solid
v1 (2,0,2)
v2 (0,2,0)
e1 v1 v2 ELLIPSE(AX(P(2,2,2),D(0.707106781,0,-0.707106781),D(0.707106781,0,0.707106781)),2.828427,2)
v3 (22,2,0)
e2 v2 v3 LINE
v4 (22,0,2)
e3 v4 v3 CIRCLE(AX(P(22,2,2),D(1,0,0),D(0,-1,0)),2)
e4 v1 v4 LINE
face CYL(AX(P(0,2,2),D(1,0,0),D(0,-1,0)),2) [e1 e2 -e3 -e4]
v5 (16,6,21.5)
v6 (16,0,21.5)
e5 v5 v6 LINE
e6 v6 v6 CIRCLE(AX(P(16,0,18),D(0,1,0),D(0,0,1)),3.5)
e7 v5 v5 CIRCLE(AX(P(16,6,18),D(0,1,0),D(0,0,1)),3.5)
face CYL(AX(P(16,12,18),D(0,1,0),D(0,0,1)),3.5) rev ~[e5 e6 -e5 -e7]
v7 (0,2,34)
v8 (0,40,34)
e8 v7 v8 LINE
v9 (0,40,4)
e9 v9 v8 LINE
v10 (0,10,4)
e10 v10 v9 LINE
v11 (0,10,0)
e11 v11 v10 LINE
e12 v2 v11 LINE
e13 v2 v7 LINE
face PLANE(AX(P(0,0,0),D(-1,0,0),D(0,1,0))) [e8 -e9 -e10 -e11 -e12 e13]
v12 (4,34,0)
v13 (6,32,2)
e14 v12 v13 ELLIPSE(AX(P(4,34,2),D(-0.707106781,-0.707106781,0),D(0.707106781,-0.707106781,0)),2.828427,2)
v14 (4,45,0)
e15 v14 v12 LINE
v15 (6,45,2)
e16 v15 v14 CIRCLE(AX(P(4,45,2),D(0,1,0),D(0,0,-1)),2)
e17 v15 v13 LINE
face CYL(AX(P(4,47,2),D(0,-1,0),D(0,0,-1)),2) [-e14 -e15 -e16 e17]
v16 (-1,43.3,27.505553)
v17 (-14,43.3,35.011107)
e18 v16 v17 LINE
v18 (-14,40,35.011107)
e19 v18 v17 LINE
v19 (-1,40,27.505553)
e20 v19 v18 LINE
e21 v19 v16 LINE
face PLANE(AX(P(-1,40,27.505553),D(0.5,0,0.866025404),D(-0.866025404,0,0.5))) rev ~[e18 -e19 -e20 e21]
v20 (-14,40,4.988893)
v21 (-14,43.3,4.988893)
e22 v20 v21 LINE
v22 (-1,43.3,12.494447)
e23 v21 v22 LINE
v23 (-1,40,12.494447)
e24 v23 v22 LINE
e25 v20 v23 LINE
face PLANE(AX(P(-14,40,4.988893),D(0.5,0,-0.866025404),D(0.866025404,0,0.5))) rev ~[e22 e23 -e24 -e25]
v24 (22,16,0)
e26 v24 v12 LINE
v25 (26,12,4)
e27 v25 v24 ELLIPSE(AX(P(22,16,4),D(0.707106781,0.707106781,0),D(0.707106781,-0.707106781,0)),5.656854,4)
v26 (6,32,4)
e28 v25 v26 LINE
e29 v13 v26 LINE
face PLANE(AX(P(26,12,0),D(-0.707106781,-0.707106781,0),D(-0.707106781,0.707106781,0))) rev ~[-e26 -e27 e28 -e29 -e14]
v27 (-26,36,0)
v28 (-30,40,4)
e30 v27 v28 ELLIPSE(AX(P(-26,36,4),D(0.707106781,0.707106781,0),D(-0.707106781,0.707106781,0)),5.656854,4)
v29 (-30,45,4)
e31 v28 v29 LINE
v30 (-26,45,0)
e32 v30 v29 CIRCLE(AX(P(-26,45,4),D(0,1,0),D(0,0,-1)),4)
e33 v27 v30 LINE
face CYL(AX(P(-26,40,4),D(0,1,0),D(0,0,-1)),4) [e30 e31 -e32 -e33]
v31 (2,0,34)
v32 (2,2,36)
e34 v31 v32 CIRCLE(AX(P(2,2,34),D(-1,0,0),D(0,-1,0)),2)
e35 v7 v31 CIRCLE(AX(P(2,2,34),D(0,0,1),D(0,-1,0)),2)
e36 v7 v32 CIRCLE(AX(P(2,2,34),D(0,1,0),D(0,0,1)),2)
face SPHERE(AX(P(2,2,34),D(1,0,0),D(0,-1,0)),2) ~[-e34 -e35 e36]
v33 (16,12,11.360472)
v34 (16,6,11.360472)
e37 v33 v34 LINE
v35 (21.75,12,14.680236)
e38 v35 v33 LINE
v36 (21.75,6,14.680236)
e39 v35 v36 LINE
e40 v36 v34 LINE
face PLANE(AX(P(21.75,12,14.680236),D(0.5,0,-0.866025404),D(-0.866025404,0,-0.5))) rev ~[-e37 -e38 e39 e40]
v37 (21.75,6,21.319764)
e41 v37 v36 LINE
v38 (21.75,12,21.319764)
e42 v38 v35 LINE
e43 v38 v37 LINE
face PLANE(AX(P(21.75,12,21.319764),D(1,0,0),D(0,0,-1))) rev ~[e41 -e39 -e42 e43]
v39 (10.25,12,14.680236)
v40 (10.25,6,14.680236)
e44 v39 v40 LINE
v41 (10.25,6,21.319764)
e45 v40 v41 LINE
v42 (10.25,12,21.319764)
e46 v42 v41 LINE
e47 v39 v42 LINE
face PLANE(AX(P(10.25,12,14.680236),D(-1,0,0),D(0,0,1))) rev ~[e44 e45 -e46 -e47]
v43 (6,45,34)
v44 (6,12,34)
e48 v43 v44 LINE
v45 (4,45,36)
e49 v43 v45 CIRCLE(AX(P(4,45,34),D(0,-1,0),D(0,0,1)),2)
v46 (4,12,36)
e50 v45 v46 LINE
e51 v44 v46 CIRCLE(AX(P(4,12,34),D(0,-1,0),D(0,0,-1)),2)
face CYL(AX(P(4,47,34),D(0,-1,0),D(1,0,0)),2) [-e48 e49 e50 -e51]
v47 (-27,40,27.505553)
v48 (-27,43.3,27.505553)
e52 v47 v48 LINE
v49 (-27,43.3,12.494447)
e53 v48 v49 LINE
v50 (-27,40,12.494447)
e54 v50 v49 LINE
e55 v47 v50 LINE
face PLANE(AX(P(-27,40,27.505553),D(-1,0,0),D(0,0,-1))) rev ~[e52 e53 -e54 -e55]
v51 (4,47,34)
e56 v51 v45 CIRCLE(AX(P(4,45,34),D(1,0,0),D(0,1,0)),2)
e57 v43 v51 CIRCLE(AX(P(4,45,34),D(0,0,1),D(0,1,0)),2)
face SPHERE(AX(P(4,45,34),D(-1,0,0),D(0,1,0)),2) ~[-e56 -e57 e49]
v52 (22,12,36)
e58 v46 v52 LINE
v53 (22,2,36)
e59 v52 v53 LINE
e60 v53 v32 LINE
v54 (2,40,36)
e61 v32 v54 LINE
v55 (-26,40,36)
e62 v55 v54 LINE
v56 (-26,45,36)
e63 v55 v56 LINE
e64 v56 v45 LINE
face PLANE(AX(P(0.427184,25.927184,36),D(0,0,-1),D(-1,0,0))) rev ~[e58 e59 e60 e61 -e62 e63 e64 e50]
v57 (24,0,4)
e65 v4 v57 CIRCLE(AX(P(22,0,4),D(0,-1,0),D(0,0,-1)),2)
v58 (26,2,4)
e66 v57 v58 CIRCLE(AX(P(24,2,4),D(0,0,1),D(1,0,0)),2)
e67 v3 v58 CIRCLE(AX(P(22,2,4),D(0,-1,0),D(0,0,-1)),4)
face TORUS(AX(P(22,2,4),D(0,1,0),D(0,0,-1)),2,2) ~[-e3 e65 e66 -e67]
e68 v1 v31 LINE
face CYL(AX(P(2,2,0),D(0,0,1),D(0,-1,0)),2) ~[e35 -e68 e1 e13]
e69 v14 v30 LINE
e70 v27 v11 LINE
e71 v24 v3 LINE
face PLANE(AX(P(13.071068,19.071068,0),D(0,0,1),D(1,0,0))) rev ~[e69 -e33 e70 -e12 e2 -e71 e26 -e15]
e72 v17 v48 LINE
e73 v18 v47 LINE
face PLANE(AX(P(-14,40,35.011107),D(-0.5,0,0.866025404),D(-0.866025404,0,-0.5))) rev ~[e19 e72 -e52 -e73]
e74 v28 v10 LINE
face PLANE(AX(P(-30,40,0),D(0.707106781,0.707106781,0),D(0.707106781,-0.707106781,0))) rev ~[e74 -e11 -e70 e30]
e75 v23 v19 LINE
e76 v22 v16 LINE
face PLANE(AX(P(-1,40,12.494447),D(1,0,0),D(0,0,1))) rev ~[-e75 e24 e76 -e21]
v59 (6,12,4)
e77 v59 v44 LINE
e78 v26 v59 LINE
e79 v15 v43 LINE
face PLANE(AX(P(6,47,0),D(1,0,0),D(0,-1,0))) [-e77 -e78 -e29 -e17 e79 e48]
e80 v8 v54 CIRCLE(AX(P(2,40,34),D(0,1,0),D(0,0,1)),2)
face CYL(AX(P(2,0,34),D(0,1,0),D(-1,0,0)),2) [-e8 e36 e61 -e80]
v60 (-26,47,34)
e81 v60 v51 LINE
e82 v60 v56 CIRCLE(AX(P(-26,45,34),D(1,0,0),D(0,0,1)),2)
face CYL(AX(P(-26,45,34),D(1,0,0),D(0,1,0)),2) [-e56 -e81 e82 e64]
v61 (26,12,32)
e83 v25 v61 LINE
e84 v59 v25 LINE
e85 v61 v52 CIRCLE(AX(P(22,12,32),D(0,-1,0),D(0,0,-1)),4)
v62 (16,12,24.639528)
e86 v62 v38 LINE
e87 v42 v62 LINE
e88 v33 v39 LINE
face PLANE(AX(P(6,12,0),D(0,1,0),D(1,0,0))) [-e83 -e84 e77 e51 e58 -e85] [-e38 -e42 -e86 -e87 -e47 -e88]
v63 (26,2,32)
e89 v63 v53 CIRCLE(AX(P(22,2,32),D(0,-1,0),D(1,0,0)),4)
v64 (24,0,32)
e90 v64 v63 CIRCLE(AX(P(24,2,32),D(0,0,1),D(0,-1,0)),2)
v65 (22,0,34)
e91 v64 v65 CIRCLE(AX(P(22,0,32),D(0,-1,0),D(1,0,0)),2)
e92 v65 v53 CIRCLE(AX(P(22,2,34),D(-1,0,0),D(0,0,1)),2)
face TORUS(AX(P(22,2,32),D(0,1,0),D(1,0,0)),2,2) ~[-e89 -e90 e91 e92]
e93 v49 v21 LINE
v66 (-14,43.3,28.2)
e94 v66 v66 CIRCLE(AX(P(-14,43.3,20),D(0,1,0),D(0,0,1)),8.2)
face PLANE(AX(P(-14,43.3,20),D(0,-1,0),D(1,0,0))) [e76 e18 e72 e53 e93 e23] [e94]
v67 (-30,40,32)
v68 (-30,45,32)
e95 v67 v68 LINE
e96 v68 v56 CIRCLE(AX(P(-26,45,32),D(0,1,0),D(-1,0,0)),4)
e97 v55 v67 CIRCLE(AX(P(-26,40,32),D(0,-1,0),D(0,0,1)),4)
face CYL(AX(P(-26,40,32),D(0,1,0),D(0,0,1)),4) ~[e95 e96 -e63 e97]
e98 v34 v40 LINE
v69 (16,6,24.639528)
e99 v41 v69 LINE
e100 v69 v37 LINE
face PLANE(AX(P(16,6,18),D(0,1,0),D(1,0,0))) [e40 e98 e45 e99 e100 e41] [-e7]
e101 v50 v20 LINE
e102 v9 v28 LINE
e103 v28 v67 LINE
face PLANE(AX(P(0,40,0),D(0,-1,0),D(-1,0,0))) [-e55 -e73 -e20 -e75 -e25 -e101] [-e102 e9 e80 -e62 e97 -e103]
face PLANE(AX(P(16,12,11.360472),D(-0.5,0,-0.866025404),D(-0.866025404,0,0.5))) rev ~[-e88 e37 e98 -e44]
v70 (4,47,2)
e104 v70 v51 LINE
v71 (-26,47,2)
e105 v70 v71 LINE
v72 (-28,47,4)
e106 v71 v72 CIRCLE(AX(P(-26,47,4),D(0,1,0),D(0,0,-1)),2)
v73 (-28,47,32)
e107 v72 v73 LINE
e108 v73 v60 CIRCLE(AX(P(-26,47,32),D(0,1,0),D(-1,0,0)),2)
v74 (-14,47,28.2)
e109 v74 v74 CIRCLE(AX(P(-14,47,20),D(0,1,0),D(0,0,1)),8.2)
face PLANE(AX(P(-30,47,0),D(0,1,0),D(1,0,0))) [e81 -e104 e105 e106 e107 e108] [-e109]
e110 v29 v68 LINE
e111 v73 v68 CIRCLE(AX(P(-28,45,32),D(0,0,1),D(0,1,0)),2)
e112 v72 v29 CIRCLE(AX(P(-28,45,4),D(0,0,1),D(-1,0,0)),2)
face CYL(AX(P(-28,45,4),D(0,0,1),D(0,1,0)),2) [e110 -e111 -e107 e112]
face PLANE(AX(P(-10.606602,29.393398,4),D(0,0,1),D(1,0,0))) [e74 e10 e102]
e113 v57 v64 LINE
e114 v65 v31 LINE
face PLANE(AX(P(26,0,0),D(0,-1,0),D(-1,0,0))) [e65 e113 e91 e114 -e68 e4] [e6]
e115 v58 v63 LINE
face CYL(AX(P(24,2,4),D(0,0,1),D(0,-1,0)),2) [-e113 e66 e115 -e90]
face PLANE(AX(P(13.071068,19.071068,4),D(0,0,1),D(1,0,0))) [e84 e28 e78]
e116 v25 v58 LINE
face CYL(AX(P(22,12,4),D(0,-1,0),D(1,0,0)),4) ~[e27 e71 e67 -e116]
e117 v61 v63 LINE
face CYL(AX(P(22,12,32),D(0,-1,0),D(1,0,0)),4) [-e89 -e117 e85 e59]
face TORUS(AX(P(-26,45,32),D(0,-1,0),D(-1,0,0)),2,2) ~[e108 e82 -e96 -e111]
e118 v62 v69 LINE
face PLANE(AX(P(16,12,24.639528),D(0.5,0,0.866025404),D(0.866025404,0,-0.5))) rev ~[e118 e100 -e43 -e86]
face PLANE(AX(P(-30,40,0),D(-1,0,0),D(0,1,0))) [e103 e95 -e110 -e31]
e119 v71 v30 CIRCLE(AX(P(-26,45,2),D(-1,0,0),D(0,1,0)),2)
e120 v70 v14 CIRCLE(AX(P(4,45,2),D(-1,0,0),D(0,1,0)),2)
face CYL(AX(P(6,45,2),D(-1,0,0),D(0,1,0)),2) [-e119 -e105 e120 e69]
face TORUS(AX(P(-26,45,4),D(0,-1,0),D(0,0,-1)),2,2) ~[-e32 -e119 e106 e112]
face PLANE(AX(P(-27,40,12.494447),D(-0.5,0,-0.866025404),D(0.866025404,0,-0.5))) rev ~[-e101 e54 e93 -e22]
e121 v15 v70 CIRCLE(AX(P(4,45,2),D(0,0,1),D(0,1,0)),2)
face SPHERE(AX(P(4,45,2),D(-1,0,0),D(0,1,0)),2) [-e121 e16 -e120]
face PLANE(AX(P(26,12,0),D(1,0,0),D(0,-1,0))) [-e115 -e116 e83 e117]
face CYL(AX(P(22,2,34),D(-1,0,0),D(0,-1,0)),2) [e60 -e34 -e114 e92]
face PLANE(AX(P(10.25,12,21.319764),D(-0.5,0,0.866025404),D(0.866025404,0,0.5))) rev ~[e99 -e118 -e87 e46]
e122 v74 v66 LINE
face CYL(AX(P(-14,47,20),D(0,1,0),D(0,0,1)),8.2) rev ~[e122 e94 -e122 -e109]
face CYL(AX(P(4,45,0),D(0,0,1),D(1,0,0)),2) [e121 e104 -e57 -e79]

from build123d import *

# Parameters (mm, degrees)
BOSS_EXTRUDE1_DEPTH = 36
SKETCH3_R           = 3.5
CUT_EXTRUDE1_DEPTH  = 32
SKETCH2_R           = 8.2
CUT_EXTRUDE2_DEPTH  = 32
CUT_EXTRUDE3_DEPTH  = 6
BOSS_EXTRUDE3_DEPTH = 4
CUT_EXTRUDE4_DEPTH  = 3.3
FILLET1_R           = 4
FILLET4_R           = 2


with BuildPart() as part:
    # Sketch1 → Boss-Extrude1 (new body)
    with BuildSketch(Plane.XY):
        Polygon((0, 0), (0, 40), (-30, 40), (-30, 47), (6, 47), (6, 12), (26, 12), (26, 0), align=None)
    extrude(amount=BOSS_EXTRUDE1_DEPTH)

    # Sketch3 → Cut-Extrude1 (cut)
    with BuildSketch(Plane(origin=(0, 12, 0), x_dir=(1, 0, 0), z_dir=(0, 1, 0))):
        with Locations(Location((16, -18, 0), (0, 0, 270))):
            Circle(SKETCH3_R)
    extrude(amount=-CUT_EXTRUDE1_DEPTH, mode=Mode.SUBTRACT)

    # Sketch2 → Cut-Extrude2 (cut)
    with BuildSketch(Plane(origin=(0, 47, 0), x_dir=(1, 0, 0), z_dir=(0, 1, 0))):
        with Locations(Location((-14, -20, 0), (0, 0, 270))):
            Circle(SKETCH2_R)
    extrude(amount=-CUT_EXTRUDE2_DEPTH, mode=Mode.SUBTRACT)

    # Sketch4 → Cut-Extrude3 (cut)
    with BuildSketch(Plane(origin=(0, 12, 0), x_dir=(1, 0, 0), z_dir=(0, 1, 0))):
        Polygon((16, -24.639528096), (21.75, -21.319764048), (21.75, -14.680235952), (16, -11.360471904), (10.25, -14.680235952), (10.25, -21.319764048), align=None)
    extrude(amount=-CUT_EXTRUDE3_DEPTH, mode=Mode.SUBTRACT)

    # Sketch5 → Boss-Extrude3 (add)
    with BuildSketch(Plane(origin=(0, 0, 0), x_dir=(-1, 0, 0), z_dir=(0, 0, -1))):
        Polygon((-26, 12), (-6, 32), (-6, 12), align=None)
        Polygon((0, 10), (0, 40), (30, 40), align=None)
    extrude(amount=-BOSS_EXTRUDE3_DEPTH)

    # Sketch6 → Cut-Extrude4 (cut)
    with BuildSketch(Plane.XZ.offset(-40)):
        Polygon((-14, 4.988893001), (-1, 12.494446501), (-1, 27.505553499), (-14, 35.011106999), (-27, 27.505553499), (-27, 12.494446501), align=None)
    extrude(amount=-CUT_EXTRUDE4_DEPTH, mode=Mode.SUBTRACT)

    # Fillet1
    fillet1_edges = [part.edges().sort_by_distance(p)[0] for p in [
        (26, 6, 0),
        (-30, 43.5, 36),
        (26, 6, 36),
        (-30, 43.5, 0),
    ]]
    fillet(fillet1_edges, radius=FILLET1_R)

    # Fillet4
    fillet4_edges = [part.edges().sort_by_distance(p)[0] for p in [
        (26, 0, 18),
        (24.828427125, 0, 1.171572875),
        (24.828427125, 0, 34.828427125),
        (-30, 47, 18),
        (11, 0, 0),
        (-28.828427125, 47, 1.171572875),
        (-28.828427125, 47, 34.828427125),
        (0, 0, 18),
        (6, 47, 18),
        (6, 29.5, 36),
        (-10, 47, 36),
        (0, 20, 36),
        (11, 0, 36),
        (6, 39.5, 0),
        (-10, 47, 0),
    ]]
    fillet(fillet4_edges, radius=FILLET4_R)


solid = part.part
